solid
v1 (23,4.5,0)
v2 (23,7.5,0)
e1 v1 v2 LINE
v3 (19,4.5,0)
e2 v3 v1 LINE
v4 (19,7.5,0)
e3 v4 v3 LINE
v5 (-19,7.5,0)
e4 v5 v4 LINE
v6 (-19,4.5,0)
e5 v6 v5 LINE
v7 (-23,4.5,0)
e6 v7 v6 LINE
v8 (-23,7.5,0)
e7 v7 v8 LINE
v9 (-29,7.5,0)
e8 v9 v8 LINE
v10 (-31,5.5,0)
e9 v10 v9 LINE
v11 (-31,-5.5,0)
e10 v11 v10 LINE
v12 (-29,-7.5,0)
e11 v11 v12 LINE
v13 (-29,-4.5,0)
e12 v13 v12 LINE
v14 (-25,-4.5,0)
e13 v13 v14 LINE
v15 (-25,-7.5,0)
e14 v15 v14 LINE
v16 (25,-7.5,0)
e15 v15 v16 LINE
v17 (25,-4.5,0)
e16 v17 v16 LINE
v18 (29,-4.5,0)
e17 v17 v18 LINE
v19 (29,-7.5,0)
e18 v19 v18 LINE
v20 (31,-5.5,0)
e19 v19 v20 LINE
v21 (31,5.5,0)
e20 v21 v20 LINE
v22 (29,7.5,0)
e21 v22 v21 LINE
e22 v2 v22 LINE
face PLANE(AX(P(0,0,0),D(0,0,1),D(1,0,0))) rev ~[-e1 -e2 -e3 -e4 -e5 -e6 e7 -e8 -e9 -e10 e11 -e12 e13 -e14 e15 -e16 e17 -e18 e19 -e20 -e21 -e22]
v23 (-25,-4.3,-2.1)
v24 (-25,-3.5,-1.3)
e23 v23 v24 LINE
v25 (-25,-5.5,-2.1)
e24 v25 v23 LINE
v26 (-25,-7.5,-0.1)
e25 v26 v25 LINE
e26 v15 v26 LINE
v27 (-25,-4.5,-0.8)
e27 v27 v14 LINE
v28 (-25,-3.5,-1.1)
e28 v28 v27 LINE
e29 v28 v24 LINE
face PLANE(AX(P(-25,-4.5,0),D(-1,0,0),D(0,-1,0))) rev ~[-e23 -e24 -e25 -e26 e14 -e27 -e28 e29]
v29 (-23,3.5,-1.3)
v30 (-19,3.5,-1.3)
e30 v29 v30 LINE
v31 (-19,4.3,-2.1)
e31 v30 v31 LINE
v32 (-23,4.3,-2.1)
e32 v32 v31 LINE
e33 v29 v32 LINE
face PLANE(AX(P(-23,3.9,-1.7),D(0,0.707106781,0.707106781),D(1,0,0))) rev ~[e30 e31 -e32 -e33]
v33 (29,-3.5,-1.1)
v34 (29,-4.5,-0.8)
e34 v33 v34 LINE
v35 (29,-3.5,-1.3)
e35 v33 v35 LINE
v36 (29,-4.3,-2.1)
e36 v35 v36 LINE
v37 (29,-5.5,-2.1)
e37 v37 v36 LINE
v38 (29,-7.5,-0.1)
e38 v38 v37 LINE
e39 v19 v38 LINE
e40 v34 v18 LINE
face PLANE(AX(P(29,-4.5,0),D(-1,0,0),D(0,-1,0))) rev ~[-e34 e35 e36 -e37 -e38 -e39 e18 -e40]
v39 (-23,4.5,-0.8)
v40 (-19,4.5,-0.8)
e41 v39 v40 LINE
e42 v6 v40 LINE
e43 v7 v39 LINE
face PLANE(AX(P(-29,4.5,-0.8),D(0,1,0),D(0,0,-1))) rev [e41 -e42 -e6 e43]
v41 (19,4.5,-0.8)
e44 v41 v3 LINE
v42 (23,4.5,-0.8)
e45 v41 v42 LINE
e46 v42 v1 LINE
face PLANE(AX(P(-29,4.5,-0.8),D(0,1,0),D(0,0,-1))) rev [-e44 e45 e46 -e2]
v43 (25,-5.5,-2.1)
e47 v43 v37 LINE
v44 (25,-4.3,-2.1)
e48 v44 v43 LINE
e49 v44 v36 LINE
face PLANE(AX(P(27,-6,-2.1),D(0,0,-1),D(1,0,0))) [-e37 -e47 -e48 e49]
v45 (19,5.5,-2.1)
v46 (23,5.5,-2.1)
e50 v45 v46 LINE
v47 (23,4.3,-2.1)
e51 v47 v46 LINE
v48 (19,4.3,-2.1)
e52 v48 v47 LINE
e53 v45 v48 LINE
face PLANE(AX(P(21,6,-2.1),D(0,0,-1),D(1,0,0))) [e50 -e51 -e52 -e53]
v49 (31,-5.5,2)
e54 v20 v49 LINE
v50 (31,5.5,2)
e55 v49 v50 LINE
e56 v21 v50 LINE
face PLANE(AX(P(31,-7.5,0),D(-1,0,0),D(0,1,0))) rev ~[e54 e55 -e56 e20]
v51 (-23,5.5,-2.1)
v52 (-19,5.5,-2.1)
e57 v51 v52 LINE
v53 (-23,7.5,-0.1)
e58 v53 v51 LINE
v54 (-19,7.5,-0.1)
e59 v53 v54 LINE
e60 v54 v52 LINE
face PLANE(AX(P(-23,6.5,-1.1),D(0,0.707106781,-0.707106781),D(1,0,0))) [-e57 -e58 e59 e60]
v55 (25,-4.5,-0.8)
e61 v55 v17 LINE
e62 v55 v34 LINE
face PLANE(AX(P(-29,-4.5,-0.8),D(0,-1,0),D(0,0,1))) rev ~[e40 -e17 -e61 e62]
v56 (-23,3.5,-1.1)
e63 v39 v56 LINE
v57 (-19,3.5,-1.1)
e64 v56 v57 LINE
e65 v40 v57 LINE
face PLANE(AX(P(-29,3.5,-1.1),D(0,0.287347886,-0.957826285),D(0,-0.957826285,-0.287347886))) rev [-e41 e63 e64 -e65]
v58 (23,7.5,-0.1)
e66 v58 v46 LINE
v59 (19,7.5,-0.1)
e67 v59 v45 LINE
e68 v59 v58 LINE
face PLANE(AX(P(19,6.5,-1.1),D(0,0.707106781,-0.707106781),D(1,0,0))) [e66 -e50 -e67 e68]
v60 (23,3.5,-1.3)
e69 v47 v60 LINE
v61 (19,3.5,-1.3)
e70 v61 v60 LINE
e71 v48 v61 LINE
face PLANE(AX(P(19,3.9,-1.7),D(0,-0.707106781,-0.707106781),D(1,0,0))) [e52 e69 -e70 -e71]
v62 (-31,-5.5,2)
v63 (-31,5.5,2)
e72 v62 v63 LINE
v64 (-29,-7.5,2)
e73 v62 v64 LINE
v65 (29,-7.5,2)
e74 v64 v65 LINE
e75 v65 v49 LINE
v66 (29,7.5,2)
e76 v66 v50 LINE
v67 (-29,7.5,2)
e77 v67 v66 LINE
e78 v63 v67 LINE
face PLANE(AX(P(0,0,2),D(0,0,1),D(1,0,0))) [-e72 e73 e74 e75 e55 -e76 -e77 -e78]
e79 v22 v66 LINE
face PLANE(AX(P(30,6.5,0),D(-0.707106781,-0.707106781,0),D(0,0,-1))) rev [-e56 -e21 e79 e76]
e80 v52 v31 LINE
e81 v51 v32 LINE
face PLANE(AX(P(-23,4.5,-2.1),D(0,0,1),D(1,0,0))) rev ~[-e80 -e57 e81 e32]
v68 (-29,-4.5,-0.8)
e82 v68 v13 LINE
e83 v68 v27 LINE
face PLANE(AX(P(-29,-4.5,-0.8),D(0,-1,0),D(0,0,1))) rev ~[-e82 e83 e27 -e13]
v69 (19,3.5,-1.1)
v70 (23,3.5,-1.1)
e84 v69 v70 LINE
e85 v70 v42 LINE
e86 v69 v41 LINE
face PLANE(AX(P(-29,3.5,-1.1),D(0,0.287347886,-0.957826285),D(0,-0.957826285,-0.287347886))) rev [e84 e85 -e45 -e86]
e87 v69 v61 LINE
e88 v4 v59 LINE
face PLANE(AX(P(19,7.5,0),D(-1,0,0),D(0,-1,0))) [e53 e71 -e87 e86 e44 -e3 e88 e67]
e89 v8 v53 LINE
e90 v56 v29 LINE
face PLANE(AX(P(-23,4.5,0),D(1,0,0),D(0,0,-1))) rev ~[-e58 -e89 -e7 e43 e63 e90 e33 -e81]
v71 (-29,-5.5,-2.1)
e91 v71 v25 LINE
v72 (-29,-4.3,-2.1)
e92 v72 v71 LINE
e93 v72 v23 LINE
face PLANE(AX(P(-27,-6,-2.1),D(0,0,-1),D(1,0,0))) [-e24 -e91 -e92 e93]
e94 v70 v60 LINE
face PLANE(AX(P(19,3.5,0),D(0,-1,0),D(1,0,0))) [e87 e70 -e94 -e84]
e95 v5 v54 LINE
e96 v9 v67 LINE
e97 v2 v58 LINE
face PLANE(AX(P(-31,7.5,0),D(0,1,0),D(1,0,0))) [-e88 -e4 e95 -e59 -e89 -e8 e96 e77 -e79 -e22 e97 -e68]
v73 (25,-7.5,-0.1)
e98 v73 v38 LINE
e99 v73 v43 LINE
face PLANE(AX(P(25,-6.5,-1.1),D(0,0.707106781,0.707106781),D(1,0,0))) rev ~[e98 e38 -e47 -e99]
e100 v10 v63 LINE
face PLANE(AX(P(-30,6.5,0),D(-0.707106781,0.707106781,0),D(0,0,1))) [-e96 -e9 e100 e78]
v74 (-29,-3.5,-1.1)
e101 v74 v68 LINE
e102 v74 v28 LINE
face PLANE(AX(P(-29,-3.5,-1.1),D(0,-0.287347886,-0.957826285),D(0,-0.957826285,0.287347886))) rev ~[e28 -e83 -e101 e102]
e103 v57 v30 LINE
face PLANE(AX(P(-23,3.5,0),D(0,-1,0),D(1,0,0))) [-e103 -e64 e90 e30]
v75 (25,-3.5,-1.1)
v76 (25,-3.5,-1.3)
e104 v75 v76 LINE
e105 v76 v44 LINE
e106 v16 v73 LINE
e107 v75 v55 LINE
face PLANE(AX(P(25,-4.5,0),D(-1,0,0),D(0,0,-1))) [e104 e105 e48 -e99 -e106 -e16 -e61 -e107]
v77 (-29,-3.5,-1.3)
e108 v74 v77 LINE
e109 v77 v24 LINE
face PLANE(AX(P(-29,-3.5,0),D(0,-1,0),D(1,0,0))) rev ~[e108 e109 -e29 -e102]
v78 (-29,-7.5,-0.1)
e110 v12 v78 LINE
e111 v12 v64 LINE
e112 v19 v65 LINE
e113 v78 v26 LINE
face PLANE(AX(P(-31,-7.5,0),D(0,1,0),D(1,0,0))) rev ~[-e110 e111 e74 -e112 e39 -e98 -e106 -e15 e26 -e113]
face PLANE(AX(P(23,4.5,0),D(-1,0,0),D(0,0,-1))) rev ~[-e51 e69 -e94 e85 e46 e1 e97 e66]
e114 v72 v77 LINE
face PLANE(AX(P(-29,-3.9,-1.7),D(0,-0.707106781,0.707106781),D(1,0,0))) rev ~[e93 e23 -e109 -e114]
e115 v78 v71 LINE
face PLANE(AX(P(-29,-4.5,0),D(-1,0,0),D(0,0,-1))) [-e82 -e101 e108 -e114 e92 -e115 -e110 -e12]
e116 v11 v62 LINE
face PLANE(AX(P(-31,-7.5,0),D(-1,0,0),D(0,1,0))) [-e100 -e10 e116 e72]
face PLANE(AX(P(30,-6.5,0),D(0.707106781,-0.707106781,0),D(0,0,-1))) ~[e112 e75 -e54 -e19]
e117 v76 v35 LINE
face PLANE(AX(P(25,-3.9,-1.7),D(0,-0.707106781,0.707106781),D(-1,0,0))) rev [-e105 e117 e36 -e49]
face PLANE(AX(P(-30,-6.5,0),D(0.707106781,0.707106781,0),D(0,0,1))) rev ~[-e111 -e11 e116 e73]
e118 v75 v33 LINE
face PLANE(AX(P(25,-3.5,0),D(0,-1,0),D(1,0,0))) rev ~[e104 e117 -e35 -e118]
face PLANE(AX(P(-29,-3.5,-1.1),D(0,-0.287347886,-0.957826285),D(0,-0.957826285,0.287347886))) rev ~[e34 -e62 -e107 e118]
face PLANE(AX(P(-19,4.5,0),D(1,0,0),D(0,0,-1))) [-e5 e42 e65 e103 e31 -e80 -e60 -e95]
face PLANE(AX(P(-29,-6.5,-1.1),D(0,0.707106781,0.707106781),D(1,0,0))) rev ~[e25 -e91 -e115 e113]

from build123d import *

# Parameters (mm, degrees)
F0_W     = 62
F0_H     = 15
F1_DEPTH = 2
F2_W     = 4
F2_H     = 3
F3_DEPTH = 2.1
F4_SIZE  = 2
F5_DEPTH = 1
F7_DEPTH = 70
F10_SIZE = 0.8


with BuildPart() as f1:
    # F0 (on Top) → F1 (new body)
    with BuildSketch(Plane.XY):
        Rectangle(F0_W, F0_H)
    extrude(amount=F1_DEPTH)

    # F2 (on face) → F3 (join)
    with BuildSketch(Plane(origin=(0, 0, 0), x_dir=(1, 0, 0), z_dir=(0, 0, -1))):
        with Locations((-27, 6)):
            Rectangle(F2_W, F2_H)
        with Locations((-21, -6)):
            Rectangle(F2_W, F2_H)
        with Locations((21, -6)):
            Rectangle(F2_W, F2_H)
        with Locations((27, 6)):
            Rectangle(F2_W, F2_H)
    extrude(amount=F3_DEPTH)

    # F4
    f4_edges = [f1.edges().sort_by_distance(p)[0] for p in [
        (-31, -7.5, 1),
        (-31, 7.5, 1),
        (-21, 7.5, -2.1),
        (-27, -7.5, -2.1),
        (31, -7.5, 1),
        (27, -7.5, -2.1),
        (31, 7.5, 1),
        (21, 7.5, -2.1),
    ]]
    chamfer(f4_edges, length=F4_SIZE)

    # F5 (add, symmetric): faces of the model
    f5_faces = [f1.faces().sort_by_distance(p)[0] for p in [
        (-27, -4.5, -1.05),
        (27, -4.5, -1.05),
        (21, 4.5, -1.05),
        (-21, 4.5, -1.05),
    ]]
    extrude(f5_faces, amount=F5_DEPTH, both=True, dir=(0, 1, 0))


with BuildPart() as f7:
    # F6 (on face) → F7 (new body)
    with BuildSketch(Plane(origin=(-29, 0, 0), x_dir=(0, -1, 0), z_dir=(-1, 0, 0))):
        Polygon((4.5, 0), (3.5, 0), (3.5, -1.1), (4.5, -0.8), align=None)
    extrude(amount=-F7_DEPTH)


with BuildPart() as f8_1:
    # F8: instance of F7
    add(f7.part.mirror(Plane.XZ))


with BuildPart() as f1_1:
    add(f1.part)

    # F9: cut F7, F8_1
    add(f7.part, mode=Mode.SUBTRACT)
    add(f8_1.part, mode=Mode.SUBTRACT)

    # F10
    f10_edges = [f1_1.edges().sort_by_distance(p)[0] for p in [
        (-27, -3.5, -2.1),
        (27, -3.5, -2.1),
        (21, 3.5, -2.1),
        (-21, 3.5, -2.1),
    ]]
    chamfer(f10_edges, length=F10_SIZE)


solid = f1_1.part
